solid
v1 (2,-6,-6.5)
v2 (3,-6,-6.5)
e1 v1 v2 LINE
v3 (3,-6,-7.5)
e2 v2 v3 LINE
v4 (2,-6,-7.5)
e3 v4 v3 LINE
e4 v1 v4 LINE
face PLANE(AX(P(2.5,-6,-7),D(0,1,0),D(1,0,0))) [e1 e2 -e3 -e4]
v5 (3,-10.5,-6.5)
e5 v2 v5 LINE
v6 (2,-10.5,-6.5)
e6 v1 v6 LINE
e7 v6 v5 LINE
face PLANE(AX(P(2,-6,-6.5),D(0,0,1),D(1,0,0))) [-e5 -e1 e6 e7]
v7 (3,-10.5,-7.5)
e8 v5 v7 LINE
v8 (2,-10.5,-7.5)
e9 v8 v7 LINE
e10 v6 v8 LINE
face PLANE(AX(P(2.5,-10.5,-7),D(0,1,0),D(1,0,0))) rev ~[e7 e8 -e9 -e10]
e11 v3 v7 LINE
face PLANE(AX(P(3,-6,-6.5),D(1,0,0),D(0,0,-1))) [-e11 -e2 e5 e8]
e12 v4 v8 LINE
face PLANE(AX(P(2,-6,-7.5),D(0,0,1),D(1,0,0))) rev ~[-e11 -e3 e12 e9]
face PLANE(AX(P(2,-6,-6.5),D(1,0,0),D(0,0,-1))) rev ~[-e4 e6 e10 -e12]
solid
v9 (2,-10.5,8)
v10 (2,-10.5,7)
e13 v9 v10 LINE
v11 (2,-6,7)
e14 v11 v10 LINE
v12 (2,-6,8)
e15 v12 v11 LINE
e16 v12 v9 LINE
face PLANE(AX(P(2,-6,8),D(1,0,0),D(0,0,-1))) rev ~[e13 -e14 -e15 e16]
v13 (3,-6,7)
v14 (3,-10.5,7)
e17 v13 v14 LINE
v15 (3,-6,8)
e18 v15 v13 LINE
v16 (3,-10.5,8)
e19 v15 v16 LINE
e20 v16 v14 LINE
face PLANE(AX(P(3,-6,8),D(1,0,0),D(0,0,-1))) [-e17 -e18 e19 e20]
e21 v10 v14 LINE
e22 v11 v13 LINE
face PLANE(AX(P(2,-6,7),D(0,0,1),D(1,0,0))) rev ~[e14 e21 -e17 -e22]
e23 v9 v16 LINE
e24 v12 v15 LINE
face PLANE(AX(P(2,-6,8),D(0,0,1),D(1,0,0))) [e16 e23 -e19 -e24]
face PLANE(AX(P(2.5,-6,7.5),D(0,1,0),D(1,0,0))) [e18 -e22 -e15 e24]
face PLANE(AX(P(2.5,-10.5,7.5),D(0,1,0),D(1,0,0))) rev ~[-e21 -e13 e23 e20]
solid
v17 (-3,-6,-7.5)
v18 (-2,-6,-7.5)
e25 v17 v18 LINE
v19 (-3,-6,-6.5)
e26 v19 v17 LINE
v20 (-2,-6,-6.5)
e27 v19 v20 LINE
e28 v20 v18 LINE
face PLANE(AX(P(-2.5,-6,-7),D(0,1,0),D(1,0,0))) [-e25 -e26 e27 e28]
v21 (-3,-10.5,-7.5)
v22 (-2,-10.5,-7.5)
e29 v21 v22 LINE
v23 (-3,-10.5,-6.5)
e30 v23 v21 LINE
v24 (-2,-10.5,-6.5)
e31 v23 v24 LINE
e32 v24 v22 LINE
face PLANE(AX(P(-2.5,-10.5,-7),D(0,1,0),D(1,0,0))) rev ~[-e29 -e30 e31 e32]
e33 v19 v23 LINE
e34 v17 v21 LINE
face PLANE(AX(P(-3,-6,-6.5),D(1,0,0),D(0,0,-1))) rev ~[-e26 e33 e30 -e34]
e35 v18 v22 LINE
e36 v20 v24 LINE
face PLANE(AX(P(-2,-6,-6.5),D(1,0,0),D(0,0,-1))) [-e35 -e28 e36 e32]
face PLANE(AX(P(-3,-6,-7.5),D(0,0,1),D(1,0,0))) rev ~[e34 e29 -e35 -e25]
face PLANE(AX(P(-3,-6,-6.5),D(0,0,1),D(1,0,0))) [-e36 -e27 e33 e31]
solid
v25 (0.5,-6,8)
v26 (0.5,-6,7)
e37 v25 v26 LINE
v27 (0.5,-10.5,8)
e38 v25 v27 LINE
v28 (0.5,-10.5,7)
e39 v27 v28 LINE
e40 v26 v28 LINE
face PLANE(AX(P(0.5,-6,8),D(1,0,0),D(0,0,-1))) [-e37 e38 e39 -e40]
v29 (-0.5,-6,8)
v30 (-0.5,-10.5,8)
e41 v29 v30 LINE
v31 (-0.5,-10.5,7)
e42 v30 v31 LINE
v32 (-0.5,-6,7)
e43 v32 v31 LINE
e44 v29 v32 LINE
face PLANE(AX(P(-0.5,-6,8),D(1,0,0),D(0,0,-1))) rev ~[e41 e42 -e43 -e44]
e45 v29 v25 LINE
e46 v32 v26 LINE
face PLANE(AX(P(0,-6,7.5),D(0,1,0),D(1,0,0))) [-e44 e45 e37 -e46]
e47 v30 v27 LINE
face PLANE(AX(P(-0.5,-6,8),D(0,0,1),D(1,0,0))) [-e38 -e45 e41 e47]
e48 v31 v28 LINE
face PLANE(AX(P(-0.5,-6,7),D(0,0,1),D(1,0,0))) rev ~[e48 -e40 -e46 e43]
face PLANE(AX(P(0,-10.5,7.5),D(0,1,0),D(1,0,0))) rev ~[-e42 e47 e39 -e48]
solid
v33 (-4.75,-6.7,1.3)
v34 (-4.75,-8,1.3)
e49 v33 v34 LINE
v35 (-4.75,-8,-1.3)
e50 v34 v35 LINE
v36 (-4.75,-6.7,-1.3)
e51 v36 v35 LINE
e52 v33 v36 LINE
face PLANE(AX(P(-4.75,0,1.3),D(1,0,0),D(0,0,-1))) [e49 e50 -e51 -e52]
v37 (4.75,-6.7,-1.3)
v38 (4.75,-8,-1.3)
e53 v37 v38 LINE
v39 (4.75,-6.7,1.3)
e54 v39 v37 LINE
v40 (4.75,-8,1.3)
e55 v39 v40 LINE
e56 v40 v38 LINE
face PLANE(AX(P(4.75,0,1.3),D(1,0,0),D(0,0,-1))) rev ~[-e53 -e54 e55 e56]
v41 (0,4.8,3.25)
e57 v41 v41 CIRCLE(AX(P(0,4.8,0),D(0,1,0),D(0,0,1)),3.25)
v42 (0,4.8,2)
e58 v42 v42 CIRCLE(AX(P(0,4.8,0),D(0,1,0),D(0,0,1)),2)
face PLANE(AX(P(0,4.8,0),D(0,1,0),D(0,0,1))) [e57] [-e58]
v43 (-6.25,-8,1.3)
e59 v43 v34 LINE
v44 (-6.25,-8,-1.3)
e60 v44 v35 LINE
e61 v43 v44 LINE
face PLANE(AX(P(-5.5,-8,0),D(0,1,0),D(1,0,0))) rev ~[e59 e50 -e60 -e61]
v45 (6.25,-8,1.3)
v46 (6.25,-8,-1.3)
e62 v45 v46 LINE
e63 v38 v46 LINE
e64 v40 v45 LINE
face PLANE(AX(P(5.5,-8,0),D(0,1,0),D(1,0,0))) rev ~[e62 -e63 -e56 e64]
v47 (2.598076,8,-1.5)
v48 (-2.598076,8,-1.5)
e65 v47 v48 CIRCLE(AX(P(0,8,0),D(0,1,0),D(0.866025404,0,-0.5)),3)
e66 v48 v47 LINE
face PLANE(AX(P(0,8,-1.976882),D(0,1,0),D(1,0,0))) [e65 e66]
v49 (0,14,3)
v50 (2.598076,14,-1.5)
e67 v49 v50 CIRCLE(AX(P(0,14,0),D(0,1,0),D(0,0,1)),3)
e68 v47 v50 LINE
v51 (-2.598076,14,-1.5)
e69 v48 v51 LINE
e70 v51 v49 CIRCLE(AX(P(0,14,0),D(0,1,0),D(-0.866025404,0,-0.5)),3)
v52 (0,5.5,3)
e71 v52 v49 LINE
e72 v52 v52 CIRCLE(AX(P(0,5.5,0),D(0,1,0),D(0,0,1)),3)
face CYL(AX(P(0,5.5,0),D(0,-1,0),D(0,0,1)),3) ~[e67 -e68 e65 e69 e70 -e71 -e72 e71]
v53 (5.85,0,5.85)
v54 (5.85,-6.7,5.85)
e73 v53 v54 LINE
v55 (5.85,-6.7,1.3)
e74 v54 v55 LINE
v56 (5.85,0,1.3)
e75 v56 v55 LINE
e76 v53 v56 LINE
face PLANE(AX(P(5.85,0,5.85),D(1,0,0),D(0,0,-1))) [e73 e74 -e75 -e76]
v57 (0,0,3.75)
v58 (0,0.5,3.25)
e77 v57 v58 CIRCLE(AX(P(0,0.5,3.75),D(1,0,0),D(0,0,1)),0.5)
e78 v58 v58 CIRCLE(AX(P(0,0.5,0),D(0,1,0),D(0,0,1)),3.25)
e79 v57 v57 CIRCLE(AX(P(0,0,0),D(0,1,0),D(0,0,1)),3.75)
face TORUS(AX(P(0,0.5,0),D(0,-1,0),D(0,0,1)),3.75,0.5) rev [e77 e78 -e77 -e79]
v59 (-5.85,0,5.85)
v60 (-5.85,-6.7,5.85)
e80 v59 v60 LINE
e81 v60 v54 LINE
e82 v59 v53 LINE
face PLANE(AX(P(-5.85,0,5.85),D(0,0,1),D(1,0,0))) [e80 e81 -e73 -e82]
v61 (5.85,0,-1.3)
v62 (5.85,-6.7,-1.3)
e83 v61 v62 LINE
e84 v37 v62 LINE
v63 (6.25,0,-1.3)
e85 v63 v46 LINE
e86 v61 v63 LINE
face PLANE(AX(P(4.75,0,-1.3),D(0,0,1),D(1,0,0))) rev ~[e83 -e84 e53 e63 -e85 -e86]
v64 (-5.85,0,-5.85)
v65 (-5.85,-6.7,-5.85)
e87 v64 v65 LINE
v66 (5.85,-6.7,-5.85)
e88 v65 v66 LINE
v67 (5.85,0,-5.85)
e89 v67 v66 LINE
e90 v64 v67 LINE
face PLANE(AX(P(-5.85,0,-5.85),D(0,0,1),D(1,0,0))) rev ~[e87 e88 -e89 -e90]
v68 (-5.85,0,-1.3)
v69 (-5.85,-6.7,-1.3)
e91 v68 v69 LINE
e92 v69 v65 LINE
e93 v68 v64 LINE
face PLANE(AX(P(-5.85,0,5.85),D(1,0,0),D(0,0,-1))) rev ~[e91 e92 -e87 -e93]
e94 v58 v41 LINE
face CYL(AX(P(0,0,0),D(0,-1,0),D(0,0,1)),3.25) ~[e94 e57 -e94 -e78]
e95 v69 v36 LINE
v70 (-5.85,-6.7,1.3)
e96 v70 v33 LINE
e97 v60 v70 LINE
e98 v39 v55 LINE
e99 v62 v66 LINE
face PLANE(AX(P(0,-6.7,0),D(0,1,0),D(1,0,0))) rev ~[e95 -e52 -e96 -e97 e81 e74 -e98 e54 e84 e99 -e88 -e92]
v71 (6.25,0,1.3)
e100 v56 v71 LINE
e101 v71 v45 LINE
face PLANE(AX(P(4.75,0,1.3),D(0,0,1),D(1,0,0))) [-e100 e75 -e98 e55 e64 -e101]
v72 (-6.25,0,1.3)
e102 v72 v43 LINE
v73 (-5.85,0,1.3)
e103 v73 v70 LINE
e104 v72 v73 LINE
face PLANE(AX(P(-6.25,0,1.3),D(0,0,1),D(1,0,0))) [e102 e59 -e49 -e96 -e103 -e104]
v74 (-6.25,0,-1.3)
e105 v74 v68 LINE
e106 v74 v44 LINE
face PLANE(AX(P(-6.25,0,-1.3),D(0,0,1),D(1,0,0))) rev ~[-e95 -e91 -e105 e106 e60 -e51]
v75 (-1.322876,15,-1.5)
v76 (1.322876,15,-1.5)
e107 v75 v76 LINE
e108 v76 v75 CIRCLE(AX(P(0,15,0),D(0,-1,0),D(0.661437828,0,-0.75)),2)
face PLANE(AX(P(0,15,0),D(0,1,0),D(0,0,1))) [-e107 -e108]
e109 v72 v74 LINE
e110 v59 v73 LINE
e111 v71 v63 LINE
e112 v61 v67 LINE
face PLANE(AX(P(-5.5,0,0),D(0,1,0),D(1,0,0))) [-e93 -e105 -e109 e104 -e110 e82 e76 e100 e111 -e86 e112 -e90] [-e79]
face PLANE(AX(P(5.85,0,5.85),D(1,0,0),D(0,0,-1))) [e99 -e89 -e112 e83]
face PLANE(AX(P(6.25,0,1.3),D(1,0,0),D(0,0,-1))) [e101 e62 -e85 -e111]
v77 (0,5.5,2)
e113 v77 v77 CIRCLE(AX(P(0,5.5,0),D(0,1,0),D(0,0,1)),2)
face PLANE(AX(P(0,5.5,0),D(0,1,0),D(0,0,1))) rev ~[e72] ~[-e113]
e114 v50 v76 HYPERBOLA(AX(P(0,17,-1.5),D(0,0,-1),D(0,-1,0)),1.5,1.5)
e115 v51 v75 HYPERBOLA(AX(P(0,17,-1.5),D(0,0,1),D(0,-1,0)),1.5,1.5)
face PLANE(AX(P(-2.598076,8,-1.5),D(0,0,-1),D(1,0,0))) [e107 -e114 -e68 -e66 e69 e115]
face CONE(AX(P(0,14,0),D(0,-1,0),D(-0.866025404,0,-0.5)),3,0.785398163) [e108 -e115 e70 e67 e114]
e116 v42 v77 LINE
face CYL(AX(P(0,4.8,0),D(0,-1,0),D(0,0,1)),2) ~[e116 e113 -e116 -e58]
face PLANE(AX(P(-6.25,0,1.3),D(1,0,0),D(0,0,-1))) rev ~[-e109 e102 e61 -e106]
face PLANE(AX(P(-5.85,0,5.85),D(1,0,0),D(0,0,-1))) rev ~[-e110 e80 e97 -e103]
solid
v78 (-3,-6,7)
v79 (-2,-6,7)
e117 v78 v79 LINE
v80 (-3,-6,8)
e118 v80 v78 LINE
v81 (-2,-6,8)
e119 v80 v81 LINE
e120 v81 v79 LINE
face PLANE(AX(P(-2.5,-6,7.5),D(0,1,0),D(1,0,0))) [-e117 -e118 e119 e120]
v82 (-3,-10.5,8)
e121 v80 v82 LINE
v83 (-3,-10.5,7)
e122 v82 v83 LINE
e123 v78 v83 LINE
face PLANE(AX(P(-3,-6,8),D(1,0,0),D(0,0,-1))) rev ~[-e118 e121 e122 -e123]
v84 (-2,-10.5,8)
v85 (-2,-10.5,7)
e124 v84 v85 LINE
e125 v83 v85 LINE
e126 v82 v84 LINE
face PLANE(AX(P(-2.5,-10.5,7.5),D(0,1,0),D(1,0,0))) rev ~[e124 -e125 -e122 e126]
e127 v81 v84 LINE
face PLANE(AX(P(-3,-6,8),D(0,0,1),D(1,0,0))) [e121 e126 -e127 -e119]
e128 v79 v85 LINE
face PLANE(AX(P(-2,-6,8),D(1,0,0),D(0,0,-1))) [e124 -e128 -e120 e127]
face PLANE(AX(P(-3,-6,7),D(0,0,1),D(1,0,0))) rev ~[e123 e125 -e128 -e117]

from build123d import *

# Parameters (mm, degrees)
SKETCH1_W             = 11.7
SKETCH1_H             = 11.7
BOSS_EXTRUDE1_DEPTH   = 6.7
SKETCH2_R             = 3.25
BOSS_EXTRUDE2_DEPTH   = 4.8
FILLET1_R             = 0.5
SKETCH3_R             = 2
BOSS_EXTRUDE3_DEPTH   = 0.7
SKETCH4_R             = 3
BOSS_EXTRUDE4_DEPTH   = 9.5
CUT_EXTRUDE1_START    = -7
CUT_EXTRUDE1_DEPTH    = 7
BOSS_EXTRUDE5_START   = -6
SKETCH6_W             = 1
SKETCH6_H             = 1
BOSS_EXTRUDE5_DEPTH   = 4.5
BOSS_EXTRUDE5_2_DEPTH = 4.5
BOSS_EXTRUDE5_3_DEPTH = 4.5
BOSS_EXTRUDE5_4_DEPTH = 4.5
BOSS_EXTRUDE5_5_DEPTH = 4.5
SKETCH8_W             = 1.5
SKETCH8_H             = 2.6
BOSS_EXTRUDE6_DEPTH   = 8
CHAMFER1_SIZE         = 1


with BuildPart() as part:
    # Sketch1 → Boss-Extrude1 (new body)
    with BuildSketch(Plane(origin=(0, 0, 0), x_dir=(1, 0, 0), z_dir=(0, 1, 0))):
        Rectangle(SKETCH1_W, SKETCH1_H)
    extrude(amount=-BOSS_EXTRUDE1_DEPTH)

    # Sketch2 → Boss-Extrude2 (add)
    with BuildSketch(Plane(origin=(0, 0, 0), x_dir=(1, 0, 0), z_dir=(0, 1, 0))):
        with Locations(Location((0, 0, 0), (0, 0, 270))):
            Circle(SKETCH2_R)
    extrude(amount=BOSS_EXTRUDE2_DEPTH)

    # Fillet1
    fillet1_edges = [part.edges().sort_by_distance(p)[0] for p in [
        (0, 0, -3.25),
    ]]
    fillet(fillet1_edges, radius=FILLET1_R)

    # Sketch3 → Boss-Extrude3 (add)
    with BuildSketch(Plane(origin=(0, 4.8, 0), x_dir=(1, 0, 0), z_dir=(0, 1, 0))):
        with Locations(Location((0, 0, 0), (0, 0, 270))):
            Circle(SKETCH3_R)
    extrude(amount=BOSS_EXTRUDE3_DEPTH)

    # Sketch4 → Boss-Extrude4 (add)
    with BuildSketch(Plane(origin=(0, 5.5, 0), x_dir=(1, 0, 0), z_dir=(0, 1, 0))):
        with Locations(Location((0, 0, 0), (0, 0, 270))):
            Circle(SKETCH4_R)
    extrude(amount=BOSS_EXTRUDE4_DEPTH)

    # Sketch5 → Cut-Extrude1 (cut)
    with BuildSketch(Plane(origin=(0, 15, 0), x_dir=(1, 0, 0), z_dir=(0, 1, 0)).offset(CUT_EXTRUDE1_START)):
        with BuildLine():
            Line((-2.598076211, 1.5), (2.598076211, 1.5))
            ThreePointArc((2.598076211, 1.5), (0, 3), (-2.598076211, 1.5))
        make_face()
    extrude(amount=CUT_EXTRUDE1_DEPTH, mode=Mode.SUBTRACT)

    # Sketch8 → Boss-Extrude6 (add)
    with BuildSketch(Plane(origin=(0, 0, 0), x_dir=(1, 0, 0), z_dir=(0, 1, 0))):
        with Locations((-5.5, 0)):
            Rectangle(SKETCH8_W, SKETCH8_H)
        with Locations((5.5, 0)):
            Rectangle(SKETCH8_W, SKETCH8_H)
    extrude(amount=-BOSS_EXTRUDE6_DEPTH)

    # Chamfer1
    chamfer1_edges = [part.edges().sort_by_distance(p)[0] for p in [
        (2.598076211, 15, 1.5),
    ]]
    chamfer(chamfer1_edges, length=CHAMFER1_SIZE)


with BuildPart() as body_2:
    # Sketch6 → Boss-Extrude5 (new body)
    with BuildSketch(Plane(origin=(0, 0, 0), x_dir=(1, 0, 0), z_dir=(0, 1, 0)).offset(BOSS_EXTRUDE5_START)):
        with Locations((-2.5, 7)):
            Rectangle(SKETCH6_W, SKETCH6_H)
    extrude(amount=-BOSS_EXTRUDE5_DEPTH)


with BuildPart() as body_3:
    # Sketch6 → Boss-Extrude5 2 (new body)
    with BuildSketch(Plane(origin=(0, 0, 0), x_dir=(1, 0, 0), z_dir=(0, 1, 0)).offset(BOSS_EXTRUDE5_START)):
        with Locations((2.5, 7)):
            Rectangle(SKETCH6_W, SKETCH6_H)
    extrude(amount=-BOSS_EXTRUDE5_2_DEPTH)


with BuildPart() as body_4:
    # Sketch6 → Boss-Extrude5 3 (new body)
    with BuildSketch(Plane(origin=(0, 0, 0), x_dir=(1, 0, 0), z_dir=(0, 1, 0)).offset(BOSS_EXTRUDE5_START)):
        with Locations((0, -7.5)):
            Rectangle(SKETCH6_W, SKETCH6_H)
    extrude(amount=-BOSS_EXTRUDE5_3_DEPTH)


with BuildPart() as body_5:
    # Sketch6 → Boss-Extrude5 4 (new body)
    with BuildSketch(Plane(origin=(0, 0, 0), x_dir=(1, 0, 0), z_dir=(0, 1, 0)).offset(BOSS_EXTRUDE5_START)):
        with Locations((2.5, -7.5)):
            Rectangle(SKETCH6_W, SKETCH6_H)
    extrude(amount=-BOSS_EXTRUDE5_4_DEPTH)


with BuildPart() as body_6:
    # Sketch6 → Boss-Extrude5 5 (new body)
    with BuildSketch(Plane(origin=(0, 0, 0), x_dir=(1, 0, 0), z_dir=(0, 1, 0)).offset(BOSS_EXTRUDE5_START)):
        with Locations((-2.5, -7.5)):
            Rectangle(SKETCH6_W, SKETCH6_H)
    extrude(amount=-BOSS_EXTRUDE5_5_DEPTH)


solid = Compound([part.part, body_2.part, body_3.part, body_4.part, body_5.part, body_6.part])
